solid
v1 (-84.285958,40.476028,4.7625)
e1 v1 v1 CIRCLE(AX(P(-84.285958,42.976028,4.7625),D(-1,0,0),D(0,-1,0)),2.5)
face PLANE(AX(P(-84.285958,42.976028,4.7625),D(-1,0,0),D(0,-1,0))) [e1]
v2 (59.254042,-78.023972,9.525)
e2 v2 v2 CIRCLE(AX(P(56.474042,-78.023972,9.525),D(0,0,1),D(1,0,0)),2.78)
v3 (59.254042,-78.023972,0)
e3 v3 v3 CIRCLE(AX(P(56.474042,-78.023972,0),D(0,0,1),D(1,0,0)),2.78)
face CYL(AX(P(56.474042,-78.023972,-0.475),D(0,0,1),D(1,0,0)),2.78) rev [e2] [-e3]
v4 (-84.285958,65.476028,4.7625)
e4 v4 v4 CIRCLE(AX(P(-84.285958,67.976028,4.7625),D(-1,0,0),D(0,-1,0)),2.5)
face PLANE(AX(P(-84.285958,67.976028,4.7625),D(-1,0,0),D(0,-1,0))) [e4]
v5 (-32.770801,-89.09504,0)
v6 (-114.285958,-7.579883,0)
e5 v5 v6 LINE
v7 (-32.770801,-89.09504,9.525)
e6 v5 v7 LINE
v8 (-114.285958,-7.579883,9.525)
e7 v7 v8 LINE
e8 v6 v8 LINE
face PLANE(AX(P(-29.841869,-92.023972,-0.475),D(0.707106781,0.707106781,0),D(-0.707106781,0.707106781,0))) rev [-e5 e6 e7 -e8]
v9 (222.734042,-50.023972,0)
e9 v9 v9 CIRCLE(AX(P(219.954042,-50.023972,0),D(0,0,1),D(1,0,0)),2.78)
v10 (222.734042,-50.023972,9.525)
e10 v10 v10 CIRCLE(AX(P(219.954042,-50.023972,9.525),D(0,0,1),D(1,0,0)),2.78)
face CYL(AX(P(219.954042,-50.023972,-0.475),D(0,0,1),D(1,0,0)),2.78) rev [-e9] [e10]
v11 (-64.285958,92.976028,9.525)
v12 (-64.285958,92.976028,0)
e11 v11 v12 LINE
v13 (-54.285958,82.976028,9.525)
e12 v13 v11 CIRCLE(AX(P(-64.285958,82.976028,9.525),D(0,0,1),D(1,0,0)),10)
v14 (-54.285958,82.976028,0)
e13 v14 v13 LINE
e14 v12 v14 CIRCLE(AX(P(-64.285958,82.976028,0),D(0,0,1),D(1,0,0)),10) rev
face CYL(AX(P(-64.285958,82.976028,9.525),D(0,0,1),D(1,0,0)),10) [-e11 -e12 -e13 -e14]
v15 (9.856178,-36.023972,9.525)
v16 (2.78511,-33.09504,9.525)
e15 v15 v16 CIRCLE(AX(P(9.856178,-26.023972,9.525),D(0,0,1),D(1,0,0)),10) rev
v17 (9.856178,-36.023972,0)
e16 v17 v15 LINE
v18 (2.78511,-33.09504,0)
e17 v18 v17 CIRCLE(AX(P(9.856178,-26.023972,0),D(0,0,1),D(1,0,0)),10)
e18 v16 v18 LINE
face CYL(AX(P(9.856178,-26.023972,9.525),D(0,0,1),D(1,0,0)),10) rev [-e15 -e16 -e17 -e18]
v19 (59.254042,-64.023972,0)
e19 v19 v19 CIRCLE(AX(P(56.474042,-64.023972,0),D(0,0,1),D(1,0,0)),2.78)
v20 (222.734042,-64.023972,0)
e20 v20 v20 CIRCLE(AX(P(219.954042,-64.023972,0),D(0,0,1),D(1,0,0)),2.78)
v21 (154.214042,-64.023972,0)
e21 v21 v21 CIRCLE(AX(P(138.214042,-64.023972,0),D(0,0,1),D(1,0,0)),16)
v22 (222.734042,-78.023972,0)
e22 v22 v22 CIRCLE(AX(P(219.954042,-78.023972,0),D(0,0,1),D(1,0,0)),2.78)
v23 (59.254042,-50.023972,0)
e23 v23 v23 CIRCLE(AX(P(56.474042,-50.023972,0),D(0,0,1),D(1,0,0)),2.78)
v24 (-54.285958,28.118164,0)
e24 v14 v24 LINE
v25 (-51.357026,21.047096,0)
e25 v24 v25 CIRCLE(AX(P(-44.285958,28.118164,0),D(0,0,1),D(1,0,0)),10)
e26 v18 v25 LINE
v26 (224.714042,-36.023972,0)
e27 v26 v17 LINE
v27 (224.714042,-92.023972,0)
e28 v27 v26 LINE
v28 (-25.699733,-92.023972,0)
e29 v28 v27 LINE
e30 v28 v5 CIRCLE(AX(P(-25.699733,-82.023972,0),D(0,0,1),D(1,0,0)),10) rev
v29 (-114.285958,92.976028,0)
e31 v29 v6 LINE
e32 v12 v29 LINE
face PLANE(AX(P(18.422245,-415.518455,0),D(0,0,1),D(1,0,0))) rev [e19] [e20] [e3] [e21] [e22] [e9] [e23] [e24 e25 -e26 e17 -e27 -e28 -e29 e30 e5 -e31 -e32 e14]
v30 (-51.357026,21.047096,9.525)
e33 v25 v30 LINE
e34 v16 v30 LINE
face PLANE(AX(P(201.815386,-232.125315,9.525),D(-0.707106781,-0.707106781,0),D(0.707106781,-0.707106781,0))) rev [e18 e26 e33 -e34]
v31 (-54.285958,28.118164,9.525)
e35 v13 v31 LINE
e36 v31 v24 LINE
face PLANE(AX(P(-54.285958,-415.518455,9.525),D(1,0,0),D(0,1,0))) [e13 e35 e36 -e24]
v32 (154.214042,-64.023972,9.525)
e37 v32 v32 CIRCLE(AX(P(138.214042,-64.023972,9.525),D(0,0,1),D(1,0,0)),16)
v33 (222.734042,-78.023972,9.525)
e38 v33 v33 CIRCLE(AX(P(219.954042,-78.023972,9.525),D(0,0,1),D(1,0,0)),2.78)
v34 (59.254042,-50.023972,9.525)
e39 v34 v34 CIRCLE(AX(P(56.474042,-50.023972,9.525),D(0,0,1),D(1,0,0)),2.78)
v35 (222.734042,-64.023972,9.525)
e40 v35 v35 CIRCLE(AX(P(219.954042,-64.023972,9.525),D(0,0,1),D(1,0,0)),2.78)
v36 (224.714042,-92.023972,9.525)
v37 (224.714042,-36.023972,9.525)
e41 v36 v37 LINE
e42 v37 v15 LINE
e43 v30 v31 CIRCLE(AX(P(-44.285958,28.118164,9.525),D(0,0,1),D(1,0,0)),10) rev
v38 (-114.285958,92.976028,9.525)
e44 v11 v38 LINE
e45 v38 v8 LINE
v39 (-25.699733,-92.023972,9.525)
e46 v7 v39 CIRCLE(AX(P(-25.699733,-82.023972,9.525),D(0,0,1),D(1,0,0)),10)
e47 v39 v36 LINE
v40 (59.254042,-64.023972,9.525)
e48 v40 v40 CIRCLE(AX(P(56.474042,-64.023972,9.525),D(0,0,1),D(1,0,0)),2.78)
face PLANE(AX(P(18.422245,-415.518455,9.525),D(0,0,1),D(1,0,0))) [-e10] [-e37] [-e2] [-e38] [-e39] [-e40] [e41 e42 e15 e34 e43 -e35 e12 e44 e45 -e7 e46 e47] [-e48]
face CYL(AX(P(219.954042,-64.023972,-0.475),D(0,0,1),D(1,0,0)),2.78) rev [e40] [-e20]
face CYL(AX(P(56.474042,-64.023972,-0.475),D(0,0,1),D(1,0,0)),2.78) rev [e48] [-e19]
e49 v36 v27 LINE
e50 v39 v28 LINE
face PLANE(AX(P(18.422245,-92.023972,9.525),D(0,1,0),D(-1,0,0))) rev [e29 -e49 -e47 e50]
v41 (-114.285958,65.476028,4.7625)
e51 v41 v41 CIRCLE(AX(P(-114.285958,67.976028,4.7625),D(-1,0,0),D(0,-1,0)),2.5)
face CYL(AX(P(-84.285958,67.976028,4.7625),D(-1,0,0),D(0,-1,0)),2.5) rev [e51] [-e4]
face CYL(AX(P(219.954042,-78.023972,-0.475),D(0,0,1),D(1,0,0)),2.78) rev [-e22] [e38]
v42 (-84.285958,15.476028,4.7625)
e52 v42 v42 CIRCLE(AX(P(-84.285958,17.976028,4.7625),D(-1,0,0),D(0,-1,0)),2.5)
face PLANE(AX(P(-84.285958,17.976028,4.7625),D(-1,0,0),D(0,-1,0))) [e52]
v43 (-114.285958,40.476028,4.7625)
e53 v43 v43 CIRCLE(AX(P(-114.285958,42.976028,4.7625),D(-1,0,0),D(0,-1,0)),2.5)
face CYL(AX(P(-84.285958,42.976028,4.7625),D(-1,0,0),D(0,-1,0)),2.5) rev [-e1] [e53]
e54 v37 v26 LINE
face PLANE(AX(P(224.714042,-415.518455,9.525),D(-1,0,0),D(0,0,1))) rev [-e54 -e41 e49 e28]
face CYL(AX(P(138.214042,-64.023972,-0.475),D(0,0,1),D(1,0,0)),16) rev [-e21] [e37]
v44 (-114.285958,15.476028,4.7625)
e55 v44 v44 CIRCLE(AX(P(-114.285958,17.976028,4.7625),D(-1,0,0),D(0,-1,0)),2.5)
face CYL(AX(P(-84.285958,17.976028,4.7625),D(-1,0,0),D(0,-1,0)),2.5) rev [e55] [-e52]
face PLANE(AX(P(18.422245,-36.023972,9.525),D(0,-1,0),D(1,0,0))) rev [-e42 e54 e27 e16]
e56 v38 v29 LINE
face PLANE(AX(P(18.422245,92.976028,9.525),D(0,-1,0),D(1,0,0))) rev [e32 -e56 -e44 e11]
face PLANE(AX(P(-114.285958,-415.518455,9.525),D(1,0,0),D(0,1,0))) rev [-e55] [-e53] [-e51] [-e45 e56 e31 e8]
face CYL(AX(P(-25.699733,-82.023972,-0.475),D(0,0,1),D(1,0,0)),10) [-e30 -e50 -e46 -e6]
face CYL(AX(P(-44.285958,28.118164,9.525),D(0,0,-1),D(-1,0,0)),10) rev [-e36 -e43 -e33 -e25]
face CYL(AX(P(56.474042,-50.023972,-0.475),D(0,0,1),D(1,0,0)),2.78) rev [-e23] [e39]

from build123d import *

# Parameters (mm, degrees)
RESSALTO_EXTRUS_O1_DEPTH = 9.525
ESBO_O3_R                = 16
CIRCULO_ROLAMENTO_DEPTH  = 10
ESBO_O6_R                = 2.5
CORTE_EXTRUS_O4_DEPTH    = 30
CORTE_EXTRUS_O6_DEPTH    = 10
ESBO_O10_R               = 2.78
CORTE_EXTRUS_O7_DEPTH    = 10
FILETE1_R                = 10
ESBO_O12_R               = 2.78
CORTE_EXTRUS_O8_DEPTH    = 10


with BuildPart() as part:
    # Esboço1 → Ressalto-extrusão1 (new body)
    with BuildSketch(Plane.XY):
        Polygon((-114.28595772, -92.023971813), (224.71404228, -92.023971813), (224.71404228, -36.023971813), (5.71404228, -36.023971813), (-54.28595772, 23.976028187), (-54.28595772, 92.976028187), (-114.28595772, 92.976028187), align=None)
    extrude(amount=RESSALTO_EXTRUS_O1_DEPTH)

    # Esboço3 → Circulo rolamento (cut)
    with BuildSketch(Plane.XY.offset(9.525)):
        with Locations((138.21404228, -64.023971813)):
            Circle(ESBO_O3_R)
    extrude(amount=-CIRCULO_ROLAMENTO_DEPTH, mode=Mode.SUBTRACT)

    # Esboço6 → Corte-extrusão4 (cut)
    with BuildSketch(Plane.ZY.offset(114.28595772)):
        with Locations(Location((4.7625, 67.976028187, 0), (0, 0, 270))):
            Circle(ESBO_O6_R)
        with Locations(Location((4.7625, 42.976028187, 0), (0, 0, 270))):
            Circle(ESBO_O6_R)
        with Locations(Location((4.7625, 17.976028187, 0), (0, 0, 270))):
            Circle(ESBO_O6_R)
    extrude(amount=-CORTE_EXTRUS_O4_DEPTH, mode=Mode.SUBTRACT)

    # Esboço9 → Corte-extrusão6 (cut)
    with BuildSketch(Plane.XY.offset(9.525)):
        Polygon((-29.841868762, -92.023971813), (-114.28595772, -7.579882856), (-114.28595772, -92.023971813), align=None)
    extrude(amount=-CORTE_EXTRUS_O6_DEPTH, mode=Mode.SUBTRACT)

    # Esboço10 → Corte-extrusão7 (cut)
    with BuildSketch(Plane.XY.offset(9.525)):
        with Locations((56.47404228, -50.023971813)):
            Circle(ESBO_O10_R)
        with Locations((56.47404228, -64.023971813)):
            Circle(ESBO_O10_R)
        with Locations((56.47404228, -78.023971813)):
            Circle(ESBO_O10_R)
    extrude(amount=-CORTE_EXTRUS_O7_DEPTH, mode=Mode.SUBTRACT)

    # Filete1
    filete1_edges = [part.edges().sort_by_distance(p)[0] for p in [
        (-54.28595772, 92.976028187, 4.7625),
        (-54.28595772, 23.976028187, 4.7625),
        (5.71404228, -36.023971813, 4.7625),
        (-29.841868762, -92.023971813, 4.7625),
    ]]
    fillet(filete1_edges, radius=FILETE1_R)

    # Esboço12 → Corte-extrusão8 (cut)
    with BuildSketch(Plane.XY.offset(9.525)):
        with Locations((219.95404228, -78.023971813)):
            Circle(ESBO_O12_R)
        with Locations((219.95404228, -64.023971813)):
            Circle(ESBO_O12_R)
        with Locations((219.95404228, -50.023971813)):
            Circle(ESBO_O12_R)
    extrude(amount=-CORTE_EXTRUS_O8_DEPTH, mode=Mode.SUBTRACT)


solid = part.part
